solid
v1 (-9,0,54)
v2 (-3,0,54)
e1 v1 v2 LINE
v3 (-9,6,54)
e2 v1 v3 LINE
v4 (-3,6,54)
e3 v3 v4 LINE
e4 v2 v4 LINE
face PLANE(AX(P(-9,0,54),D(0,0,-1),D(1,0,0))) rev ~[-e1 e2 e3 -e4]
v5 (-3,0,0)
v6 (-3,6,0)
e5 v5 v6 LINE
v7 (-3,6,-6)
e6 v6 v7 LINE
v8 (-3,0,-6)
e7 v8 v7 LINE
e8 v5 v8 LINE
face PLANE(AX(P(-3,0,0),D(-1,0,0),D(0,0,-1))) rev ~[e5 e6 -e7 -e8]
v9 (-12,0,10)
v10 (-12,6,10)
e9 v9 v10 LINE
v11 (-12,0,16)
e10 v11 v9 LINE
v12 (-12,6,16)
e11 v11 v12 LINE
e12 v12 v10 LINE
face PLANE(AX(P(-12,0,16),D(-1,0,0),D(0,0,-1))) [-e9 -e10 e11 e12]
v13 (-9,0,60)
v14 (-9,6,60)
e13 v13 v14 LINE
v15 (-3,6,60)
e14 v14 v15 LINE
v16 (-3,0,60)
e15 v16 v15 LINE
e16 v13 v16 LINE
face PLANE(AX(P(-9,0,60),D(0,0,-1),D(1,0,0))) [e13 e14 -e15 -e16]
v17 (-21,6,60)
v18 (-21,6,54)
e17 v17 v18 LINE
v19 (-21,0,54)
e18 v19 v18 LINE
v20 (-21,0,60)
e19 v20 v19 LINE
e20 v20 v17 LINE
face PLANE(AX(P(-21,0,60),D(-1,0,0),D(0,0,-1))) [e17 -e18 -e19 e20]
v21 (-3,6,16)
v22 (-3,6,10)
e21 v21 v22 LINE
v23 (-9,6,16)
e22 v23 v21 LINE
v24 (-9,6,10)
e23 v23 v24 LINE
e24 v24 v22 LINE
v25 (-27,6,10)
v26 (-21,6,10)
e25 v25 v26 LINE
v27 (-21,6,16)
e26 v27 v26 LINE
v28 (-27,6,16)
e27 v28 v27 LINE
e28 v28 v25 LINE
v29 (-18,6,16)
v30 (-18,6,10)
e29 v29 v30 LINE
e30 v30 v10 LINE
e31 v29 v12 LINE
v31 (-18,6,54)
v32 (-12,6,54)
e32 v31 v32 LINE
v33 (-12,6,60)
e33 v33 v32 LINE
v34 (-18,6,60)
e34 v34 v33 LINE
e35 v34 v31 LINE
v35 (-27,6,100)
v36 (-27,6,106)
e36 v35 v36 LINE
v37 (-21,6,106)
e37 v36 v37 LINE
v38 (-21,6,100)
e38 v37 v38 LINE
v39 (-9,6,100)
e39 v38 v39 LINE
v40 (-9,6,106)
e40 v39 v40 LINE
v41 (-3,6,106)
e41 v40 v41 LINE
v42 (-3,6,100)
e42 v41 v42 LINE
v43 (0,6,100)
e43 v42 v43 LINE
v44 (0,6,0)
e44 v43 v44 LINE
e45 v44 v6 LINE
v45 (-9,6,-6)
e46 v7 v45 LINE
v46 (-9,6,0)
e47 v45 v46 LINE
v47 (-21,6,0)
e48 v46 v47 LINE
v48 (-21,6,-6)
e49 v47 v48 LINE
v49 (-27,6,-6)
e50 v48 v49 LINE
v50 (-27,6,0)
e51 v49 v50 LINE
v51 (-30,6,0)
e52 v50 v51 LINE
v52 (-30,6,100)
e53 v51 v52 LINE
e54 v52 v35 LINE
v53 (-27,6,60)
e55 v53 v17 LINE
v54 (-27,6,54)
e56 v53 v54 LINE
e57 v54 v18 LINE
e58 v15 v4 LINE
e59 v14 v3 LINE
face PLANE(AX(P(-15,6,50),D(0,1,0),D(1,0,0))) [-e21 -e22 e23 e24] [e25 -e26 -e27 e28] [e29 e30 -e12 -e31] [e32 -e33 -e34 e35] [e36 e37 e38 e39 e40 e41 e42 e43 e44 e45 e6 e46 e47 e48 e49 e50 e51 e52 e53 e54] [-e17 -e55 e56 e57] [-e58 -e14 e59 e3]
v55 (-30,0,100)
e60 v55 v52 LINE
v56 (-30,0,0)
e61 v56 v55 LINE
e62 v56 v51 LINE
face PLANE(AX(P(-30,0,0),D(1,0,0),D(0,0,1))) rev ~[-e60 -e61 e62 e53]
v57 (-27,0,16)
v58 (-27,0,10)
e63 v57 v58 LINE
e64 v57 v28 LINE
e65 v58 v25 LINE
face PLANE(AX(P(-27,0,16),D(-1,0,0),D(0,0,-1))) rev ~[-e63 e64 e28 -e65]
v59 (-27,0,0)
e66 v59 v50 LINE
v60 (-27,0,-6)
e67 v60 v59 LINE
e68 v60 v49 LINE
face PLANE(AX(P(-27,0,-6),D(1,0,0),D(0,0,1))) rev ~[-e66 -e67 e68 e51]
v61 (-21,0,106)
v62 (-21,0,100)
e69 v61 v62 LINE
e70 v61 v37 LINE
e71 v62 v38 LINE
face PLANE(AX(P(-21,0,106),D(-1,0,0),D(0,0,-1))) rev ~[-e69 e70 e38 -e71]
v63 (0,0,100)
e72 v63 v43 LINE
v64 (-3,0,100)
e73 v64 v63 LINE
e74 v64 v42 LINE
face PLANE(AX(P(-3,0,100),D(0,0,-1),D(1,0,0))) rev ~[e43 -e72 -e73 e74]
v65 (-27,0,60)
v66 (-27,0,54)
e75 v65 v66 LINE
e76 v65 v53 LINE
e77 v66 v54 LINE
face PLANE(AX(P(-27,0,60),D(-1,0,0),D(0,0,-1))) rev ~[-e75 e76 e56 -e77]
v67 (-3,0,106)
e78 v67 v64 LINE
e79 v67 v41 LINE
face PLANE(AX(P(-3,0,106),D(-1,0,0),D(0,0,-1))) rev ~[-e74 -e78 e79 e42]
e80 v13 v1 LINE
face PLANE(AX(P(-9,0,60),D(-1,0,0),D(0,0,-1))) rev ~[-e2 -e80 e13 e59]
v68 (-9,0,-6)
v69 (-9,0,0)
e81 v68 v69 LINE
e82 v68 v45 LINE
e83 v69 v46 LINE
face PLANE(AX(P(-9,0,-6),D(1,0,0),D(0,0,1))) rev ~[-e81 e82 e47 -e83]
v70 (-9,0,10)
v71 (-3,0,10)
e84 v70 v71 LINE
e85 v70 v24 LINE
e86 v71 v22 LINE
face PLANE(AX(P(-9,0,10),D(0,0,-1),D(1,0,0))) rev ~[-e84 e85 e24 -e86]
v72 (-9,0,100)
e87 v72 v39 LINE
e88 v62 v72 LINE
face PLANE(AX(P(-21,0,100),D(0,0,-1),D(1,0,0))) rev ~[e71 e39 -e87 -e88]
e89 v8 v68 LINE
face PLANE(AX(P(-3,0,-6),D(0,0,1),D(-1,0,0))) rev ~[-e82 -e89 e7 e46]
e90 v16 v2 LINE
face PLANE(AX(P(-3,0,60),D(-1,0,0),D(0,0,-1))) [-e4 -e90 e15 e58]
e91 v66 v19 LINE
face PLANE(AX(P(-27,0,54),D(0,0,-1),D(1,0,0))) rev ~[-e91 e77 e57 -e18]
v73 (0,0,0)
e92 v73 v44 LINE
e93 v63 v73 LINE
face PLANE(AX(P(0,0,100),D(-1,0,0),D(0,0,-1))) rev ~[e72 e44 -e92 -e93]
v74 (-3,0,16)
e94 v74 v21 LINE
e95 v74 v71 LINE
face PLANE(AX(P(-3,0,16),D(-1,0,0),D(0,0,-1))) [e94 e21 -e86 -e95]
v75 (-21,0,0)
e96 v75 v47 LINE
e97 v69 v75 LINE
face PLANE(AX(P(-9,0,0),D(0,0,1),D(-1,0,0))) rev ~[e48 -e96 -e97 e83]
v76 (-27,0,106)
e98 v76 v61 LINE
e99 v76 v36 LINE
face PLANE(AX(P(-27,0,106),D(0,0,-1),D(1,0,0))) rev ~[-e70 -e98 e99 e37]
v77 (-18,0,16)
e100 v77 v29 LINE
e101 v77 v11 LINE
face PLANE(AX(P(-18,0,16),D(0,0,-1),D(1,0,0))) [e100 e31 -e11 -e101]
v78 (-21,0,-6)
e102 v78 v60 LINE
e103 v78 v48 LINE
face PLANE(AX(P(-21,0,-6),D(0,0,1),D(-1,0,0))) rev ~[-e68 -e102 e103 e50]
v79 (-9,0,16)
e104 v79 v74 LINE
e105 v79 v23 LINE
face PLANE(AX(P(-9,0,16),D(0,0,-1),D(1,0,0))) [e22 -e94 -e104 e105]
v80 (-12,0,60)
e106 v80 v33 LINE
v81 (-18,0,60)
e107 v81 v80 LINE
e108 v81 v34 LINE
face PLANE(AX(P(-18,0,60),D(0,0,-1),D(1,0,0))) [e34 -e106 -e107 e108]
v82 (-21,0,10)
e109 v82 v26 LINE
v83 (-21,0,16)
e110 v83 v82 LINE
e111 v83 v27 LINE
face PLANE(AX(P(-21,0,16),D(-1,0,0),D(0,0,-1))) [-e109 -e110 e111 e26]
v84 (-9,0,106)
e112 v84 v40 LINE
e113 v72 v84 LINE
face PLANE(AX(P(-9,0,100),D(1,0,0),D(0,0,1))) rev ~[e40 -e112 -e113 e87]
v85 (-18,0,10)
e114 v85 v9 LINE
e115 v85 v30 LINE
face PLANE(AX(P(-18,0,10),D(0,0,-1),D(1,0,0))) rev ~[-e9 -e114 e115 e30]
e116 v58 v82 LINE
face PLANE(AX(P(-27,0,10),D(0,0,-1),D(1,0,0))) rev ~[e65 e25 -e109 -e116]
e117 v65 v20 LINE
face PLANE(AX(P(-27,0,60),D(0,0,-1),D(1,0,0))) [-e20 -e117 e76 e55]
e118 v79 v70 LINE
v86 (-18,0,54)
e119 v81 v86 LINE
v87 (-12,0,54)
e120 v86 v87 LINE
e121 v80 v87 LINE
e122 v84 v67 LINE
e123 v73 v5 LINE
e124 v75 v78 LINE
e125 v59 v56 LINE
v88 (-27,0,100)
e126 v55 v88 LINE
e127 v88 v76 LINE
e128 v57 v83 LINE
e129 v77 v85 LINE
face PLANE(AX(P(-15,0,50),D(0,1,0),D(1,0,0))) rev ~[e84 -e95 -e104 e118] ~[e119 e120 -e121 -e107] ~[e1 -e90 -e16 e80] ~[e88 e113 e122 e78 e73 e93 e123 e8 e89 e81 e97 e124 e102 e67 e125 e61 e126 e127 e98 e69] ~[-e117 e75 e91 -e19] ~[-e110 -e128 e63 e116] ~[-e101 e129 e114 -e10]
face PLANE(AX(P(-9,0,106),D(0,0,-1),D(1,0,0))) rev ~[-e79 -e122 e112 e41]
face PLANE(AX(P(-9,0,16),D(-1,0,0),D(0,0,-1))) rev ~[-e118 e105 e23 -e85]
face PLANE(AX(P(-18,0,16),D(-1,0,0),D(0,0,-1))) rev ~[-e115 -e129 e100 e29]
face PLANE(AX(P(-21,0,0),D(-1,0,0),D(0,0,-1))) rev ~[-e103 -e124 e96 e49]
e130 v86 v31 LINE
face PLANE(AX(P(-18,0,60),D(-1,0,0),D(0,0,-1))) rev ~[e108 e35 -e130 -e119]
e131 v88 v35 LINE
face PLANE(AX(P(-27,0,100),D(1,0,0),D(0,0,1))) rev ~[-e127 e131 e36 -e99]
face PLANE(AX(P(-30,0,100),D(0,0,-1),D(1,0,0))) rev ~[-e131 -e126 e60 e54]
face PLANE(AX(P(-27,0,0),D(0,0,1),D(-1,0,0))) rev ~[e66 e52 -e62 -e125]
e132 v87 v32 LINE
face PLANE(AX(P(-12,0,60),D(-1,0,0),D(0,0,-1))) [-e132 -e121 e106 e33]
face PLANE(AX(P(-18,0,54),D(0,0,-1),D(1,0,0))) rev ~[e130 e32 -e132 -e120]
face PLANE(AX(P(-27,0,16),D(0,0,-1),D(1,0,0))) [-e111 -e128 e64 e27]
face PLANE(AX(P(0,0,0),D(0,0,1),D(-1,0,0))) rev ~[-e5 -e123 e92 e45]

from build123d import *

# Parameters (mm, degrees)
SKETCH1_W           = 6
SKETCH1_H           = 6
BOSS_EXTRUDE2_DEPTH = 6


with BuildPart() as part:
    # Sketch1 → Boss-Extrude2 (new body)
    with BuildSketch(Plane(origin=(0, 0, 0), x_dir=(1, 0, 0), z_dir=(0, 1, 0))):
        Polygon((0, 0), (-3, 0), (-3, 6), (-9, 6), (-9, 0), (-21, 0), (-21, 6), (-27, 6), (-27, 0), (-30, 0), (-30, -100), (-27, -100), (-27, -106), (-21, -106), (-21, -100), (-9, -100), (-9, -106), (-3, -106), (-3, -100), (0, -100), align=None)
        with Locations((-15, -57)):
            Rectangle(SKETCH1_W, SKETCH1_H, mode=Mode.SUBTRACT)
        with Locations((-6, -57)):
            Rectangle(SKETCH1_W, SKETCH1_H, mode=Mode.SUBTRACT)
        with Locations((-24, -57)):
            Rectangle(SKETCH1_W, SKETCH1_H, mode=Mode.SUBTRACT)
        with Locations((-15, -13)):
            Rectangle(SKETCH1_W, SKETCH1_H, mode=Mode.SUBTRACT)
        with Locations((-6, -13)):
            Rectangle(SKETCH1_W, SKETCH1_H, mode=Mode.SUBTRACT)
        with Locations((-24, -13)):
            Rectangle(SKETCH1_W, SKETCH1_H, mode=Mode.SUBTRACT)
    extrude(amount=BOSS_EXTRUDE2_DEPTH)


solid = part.part
